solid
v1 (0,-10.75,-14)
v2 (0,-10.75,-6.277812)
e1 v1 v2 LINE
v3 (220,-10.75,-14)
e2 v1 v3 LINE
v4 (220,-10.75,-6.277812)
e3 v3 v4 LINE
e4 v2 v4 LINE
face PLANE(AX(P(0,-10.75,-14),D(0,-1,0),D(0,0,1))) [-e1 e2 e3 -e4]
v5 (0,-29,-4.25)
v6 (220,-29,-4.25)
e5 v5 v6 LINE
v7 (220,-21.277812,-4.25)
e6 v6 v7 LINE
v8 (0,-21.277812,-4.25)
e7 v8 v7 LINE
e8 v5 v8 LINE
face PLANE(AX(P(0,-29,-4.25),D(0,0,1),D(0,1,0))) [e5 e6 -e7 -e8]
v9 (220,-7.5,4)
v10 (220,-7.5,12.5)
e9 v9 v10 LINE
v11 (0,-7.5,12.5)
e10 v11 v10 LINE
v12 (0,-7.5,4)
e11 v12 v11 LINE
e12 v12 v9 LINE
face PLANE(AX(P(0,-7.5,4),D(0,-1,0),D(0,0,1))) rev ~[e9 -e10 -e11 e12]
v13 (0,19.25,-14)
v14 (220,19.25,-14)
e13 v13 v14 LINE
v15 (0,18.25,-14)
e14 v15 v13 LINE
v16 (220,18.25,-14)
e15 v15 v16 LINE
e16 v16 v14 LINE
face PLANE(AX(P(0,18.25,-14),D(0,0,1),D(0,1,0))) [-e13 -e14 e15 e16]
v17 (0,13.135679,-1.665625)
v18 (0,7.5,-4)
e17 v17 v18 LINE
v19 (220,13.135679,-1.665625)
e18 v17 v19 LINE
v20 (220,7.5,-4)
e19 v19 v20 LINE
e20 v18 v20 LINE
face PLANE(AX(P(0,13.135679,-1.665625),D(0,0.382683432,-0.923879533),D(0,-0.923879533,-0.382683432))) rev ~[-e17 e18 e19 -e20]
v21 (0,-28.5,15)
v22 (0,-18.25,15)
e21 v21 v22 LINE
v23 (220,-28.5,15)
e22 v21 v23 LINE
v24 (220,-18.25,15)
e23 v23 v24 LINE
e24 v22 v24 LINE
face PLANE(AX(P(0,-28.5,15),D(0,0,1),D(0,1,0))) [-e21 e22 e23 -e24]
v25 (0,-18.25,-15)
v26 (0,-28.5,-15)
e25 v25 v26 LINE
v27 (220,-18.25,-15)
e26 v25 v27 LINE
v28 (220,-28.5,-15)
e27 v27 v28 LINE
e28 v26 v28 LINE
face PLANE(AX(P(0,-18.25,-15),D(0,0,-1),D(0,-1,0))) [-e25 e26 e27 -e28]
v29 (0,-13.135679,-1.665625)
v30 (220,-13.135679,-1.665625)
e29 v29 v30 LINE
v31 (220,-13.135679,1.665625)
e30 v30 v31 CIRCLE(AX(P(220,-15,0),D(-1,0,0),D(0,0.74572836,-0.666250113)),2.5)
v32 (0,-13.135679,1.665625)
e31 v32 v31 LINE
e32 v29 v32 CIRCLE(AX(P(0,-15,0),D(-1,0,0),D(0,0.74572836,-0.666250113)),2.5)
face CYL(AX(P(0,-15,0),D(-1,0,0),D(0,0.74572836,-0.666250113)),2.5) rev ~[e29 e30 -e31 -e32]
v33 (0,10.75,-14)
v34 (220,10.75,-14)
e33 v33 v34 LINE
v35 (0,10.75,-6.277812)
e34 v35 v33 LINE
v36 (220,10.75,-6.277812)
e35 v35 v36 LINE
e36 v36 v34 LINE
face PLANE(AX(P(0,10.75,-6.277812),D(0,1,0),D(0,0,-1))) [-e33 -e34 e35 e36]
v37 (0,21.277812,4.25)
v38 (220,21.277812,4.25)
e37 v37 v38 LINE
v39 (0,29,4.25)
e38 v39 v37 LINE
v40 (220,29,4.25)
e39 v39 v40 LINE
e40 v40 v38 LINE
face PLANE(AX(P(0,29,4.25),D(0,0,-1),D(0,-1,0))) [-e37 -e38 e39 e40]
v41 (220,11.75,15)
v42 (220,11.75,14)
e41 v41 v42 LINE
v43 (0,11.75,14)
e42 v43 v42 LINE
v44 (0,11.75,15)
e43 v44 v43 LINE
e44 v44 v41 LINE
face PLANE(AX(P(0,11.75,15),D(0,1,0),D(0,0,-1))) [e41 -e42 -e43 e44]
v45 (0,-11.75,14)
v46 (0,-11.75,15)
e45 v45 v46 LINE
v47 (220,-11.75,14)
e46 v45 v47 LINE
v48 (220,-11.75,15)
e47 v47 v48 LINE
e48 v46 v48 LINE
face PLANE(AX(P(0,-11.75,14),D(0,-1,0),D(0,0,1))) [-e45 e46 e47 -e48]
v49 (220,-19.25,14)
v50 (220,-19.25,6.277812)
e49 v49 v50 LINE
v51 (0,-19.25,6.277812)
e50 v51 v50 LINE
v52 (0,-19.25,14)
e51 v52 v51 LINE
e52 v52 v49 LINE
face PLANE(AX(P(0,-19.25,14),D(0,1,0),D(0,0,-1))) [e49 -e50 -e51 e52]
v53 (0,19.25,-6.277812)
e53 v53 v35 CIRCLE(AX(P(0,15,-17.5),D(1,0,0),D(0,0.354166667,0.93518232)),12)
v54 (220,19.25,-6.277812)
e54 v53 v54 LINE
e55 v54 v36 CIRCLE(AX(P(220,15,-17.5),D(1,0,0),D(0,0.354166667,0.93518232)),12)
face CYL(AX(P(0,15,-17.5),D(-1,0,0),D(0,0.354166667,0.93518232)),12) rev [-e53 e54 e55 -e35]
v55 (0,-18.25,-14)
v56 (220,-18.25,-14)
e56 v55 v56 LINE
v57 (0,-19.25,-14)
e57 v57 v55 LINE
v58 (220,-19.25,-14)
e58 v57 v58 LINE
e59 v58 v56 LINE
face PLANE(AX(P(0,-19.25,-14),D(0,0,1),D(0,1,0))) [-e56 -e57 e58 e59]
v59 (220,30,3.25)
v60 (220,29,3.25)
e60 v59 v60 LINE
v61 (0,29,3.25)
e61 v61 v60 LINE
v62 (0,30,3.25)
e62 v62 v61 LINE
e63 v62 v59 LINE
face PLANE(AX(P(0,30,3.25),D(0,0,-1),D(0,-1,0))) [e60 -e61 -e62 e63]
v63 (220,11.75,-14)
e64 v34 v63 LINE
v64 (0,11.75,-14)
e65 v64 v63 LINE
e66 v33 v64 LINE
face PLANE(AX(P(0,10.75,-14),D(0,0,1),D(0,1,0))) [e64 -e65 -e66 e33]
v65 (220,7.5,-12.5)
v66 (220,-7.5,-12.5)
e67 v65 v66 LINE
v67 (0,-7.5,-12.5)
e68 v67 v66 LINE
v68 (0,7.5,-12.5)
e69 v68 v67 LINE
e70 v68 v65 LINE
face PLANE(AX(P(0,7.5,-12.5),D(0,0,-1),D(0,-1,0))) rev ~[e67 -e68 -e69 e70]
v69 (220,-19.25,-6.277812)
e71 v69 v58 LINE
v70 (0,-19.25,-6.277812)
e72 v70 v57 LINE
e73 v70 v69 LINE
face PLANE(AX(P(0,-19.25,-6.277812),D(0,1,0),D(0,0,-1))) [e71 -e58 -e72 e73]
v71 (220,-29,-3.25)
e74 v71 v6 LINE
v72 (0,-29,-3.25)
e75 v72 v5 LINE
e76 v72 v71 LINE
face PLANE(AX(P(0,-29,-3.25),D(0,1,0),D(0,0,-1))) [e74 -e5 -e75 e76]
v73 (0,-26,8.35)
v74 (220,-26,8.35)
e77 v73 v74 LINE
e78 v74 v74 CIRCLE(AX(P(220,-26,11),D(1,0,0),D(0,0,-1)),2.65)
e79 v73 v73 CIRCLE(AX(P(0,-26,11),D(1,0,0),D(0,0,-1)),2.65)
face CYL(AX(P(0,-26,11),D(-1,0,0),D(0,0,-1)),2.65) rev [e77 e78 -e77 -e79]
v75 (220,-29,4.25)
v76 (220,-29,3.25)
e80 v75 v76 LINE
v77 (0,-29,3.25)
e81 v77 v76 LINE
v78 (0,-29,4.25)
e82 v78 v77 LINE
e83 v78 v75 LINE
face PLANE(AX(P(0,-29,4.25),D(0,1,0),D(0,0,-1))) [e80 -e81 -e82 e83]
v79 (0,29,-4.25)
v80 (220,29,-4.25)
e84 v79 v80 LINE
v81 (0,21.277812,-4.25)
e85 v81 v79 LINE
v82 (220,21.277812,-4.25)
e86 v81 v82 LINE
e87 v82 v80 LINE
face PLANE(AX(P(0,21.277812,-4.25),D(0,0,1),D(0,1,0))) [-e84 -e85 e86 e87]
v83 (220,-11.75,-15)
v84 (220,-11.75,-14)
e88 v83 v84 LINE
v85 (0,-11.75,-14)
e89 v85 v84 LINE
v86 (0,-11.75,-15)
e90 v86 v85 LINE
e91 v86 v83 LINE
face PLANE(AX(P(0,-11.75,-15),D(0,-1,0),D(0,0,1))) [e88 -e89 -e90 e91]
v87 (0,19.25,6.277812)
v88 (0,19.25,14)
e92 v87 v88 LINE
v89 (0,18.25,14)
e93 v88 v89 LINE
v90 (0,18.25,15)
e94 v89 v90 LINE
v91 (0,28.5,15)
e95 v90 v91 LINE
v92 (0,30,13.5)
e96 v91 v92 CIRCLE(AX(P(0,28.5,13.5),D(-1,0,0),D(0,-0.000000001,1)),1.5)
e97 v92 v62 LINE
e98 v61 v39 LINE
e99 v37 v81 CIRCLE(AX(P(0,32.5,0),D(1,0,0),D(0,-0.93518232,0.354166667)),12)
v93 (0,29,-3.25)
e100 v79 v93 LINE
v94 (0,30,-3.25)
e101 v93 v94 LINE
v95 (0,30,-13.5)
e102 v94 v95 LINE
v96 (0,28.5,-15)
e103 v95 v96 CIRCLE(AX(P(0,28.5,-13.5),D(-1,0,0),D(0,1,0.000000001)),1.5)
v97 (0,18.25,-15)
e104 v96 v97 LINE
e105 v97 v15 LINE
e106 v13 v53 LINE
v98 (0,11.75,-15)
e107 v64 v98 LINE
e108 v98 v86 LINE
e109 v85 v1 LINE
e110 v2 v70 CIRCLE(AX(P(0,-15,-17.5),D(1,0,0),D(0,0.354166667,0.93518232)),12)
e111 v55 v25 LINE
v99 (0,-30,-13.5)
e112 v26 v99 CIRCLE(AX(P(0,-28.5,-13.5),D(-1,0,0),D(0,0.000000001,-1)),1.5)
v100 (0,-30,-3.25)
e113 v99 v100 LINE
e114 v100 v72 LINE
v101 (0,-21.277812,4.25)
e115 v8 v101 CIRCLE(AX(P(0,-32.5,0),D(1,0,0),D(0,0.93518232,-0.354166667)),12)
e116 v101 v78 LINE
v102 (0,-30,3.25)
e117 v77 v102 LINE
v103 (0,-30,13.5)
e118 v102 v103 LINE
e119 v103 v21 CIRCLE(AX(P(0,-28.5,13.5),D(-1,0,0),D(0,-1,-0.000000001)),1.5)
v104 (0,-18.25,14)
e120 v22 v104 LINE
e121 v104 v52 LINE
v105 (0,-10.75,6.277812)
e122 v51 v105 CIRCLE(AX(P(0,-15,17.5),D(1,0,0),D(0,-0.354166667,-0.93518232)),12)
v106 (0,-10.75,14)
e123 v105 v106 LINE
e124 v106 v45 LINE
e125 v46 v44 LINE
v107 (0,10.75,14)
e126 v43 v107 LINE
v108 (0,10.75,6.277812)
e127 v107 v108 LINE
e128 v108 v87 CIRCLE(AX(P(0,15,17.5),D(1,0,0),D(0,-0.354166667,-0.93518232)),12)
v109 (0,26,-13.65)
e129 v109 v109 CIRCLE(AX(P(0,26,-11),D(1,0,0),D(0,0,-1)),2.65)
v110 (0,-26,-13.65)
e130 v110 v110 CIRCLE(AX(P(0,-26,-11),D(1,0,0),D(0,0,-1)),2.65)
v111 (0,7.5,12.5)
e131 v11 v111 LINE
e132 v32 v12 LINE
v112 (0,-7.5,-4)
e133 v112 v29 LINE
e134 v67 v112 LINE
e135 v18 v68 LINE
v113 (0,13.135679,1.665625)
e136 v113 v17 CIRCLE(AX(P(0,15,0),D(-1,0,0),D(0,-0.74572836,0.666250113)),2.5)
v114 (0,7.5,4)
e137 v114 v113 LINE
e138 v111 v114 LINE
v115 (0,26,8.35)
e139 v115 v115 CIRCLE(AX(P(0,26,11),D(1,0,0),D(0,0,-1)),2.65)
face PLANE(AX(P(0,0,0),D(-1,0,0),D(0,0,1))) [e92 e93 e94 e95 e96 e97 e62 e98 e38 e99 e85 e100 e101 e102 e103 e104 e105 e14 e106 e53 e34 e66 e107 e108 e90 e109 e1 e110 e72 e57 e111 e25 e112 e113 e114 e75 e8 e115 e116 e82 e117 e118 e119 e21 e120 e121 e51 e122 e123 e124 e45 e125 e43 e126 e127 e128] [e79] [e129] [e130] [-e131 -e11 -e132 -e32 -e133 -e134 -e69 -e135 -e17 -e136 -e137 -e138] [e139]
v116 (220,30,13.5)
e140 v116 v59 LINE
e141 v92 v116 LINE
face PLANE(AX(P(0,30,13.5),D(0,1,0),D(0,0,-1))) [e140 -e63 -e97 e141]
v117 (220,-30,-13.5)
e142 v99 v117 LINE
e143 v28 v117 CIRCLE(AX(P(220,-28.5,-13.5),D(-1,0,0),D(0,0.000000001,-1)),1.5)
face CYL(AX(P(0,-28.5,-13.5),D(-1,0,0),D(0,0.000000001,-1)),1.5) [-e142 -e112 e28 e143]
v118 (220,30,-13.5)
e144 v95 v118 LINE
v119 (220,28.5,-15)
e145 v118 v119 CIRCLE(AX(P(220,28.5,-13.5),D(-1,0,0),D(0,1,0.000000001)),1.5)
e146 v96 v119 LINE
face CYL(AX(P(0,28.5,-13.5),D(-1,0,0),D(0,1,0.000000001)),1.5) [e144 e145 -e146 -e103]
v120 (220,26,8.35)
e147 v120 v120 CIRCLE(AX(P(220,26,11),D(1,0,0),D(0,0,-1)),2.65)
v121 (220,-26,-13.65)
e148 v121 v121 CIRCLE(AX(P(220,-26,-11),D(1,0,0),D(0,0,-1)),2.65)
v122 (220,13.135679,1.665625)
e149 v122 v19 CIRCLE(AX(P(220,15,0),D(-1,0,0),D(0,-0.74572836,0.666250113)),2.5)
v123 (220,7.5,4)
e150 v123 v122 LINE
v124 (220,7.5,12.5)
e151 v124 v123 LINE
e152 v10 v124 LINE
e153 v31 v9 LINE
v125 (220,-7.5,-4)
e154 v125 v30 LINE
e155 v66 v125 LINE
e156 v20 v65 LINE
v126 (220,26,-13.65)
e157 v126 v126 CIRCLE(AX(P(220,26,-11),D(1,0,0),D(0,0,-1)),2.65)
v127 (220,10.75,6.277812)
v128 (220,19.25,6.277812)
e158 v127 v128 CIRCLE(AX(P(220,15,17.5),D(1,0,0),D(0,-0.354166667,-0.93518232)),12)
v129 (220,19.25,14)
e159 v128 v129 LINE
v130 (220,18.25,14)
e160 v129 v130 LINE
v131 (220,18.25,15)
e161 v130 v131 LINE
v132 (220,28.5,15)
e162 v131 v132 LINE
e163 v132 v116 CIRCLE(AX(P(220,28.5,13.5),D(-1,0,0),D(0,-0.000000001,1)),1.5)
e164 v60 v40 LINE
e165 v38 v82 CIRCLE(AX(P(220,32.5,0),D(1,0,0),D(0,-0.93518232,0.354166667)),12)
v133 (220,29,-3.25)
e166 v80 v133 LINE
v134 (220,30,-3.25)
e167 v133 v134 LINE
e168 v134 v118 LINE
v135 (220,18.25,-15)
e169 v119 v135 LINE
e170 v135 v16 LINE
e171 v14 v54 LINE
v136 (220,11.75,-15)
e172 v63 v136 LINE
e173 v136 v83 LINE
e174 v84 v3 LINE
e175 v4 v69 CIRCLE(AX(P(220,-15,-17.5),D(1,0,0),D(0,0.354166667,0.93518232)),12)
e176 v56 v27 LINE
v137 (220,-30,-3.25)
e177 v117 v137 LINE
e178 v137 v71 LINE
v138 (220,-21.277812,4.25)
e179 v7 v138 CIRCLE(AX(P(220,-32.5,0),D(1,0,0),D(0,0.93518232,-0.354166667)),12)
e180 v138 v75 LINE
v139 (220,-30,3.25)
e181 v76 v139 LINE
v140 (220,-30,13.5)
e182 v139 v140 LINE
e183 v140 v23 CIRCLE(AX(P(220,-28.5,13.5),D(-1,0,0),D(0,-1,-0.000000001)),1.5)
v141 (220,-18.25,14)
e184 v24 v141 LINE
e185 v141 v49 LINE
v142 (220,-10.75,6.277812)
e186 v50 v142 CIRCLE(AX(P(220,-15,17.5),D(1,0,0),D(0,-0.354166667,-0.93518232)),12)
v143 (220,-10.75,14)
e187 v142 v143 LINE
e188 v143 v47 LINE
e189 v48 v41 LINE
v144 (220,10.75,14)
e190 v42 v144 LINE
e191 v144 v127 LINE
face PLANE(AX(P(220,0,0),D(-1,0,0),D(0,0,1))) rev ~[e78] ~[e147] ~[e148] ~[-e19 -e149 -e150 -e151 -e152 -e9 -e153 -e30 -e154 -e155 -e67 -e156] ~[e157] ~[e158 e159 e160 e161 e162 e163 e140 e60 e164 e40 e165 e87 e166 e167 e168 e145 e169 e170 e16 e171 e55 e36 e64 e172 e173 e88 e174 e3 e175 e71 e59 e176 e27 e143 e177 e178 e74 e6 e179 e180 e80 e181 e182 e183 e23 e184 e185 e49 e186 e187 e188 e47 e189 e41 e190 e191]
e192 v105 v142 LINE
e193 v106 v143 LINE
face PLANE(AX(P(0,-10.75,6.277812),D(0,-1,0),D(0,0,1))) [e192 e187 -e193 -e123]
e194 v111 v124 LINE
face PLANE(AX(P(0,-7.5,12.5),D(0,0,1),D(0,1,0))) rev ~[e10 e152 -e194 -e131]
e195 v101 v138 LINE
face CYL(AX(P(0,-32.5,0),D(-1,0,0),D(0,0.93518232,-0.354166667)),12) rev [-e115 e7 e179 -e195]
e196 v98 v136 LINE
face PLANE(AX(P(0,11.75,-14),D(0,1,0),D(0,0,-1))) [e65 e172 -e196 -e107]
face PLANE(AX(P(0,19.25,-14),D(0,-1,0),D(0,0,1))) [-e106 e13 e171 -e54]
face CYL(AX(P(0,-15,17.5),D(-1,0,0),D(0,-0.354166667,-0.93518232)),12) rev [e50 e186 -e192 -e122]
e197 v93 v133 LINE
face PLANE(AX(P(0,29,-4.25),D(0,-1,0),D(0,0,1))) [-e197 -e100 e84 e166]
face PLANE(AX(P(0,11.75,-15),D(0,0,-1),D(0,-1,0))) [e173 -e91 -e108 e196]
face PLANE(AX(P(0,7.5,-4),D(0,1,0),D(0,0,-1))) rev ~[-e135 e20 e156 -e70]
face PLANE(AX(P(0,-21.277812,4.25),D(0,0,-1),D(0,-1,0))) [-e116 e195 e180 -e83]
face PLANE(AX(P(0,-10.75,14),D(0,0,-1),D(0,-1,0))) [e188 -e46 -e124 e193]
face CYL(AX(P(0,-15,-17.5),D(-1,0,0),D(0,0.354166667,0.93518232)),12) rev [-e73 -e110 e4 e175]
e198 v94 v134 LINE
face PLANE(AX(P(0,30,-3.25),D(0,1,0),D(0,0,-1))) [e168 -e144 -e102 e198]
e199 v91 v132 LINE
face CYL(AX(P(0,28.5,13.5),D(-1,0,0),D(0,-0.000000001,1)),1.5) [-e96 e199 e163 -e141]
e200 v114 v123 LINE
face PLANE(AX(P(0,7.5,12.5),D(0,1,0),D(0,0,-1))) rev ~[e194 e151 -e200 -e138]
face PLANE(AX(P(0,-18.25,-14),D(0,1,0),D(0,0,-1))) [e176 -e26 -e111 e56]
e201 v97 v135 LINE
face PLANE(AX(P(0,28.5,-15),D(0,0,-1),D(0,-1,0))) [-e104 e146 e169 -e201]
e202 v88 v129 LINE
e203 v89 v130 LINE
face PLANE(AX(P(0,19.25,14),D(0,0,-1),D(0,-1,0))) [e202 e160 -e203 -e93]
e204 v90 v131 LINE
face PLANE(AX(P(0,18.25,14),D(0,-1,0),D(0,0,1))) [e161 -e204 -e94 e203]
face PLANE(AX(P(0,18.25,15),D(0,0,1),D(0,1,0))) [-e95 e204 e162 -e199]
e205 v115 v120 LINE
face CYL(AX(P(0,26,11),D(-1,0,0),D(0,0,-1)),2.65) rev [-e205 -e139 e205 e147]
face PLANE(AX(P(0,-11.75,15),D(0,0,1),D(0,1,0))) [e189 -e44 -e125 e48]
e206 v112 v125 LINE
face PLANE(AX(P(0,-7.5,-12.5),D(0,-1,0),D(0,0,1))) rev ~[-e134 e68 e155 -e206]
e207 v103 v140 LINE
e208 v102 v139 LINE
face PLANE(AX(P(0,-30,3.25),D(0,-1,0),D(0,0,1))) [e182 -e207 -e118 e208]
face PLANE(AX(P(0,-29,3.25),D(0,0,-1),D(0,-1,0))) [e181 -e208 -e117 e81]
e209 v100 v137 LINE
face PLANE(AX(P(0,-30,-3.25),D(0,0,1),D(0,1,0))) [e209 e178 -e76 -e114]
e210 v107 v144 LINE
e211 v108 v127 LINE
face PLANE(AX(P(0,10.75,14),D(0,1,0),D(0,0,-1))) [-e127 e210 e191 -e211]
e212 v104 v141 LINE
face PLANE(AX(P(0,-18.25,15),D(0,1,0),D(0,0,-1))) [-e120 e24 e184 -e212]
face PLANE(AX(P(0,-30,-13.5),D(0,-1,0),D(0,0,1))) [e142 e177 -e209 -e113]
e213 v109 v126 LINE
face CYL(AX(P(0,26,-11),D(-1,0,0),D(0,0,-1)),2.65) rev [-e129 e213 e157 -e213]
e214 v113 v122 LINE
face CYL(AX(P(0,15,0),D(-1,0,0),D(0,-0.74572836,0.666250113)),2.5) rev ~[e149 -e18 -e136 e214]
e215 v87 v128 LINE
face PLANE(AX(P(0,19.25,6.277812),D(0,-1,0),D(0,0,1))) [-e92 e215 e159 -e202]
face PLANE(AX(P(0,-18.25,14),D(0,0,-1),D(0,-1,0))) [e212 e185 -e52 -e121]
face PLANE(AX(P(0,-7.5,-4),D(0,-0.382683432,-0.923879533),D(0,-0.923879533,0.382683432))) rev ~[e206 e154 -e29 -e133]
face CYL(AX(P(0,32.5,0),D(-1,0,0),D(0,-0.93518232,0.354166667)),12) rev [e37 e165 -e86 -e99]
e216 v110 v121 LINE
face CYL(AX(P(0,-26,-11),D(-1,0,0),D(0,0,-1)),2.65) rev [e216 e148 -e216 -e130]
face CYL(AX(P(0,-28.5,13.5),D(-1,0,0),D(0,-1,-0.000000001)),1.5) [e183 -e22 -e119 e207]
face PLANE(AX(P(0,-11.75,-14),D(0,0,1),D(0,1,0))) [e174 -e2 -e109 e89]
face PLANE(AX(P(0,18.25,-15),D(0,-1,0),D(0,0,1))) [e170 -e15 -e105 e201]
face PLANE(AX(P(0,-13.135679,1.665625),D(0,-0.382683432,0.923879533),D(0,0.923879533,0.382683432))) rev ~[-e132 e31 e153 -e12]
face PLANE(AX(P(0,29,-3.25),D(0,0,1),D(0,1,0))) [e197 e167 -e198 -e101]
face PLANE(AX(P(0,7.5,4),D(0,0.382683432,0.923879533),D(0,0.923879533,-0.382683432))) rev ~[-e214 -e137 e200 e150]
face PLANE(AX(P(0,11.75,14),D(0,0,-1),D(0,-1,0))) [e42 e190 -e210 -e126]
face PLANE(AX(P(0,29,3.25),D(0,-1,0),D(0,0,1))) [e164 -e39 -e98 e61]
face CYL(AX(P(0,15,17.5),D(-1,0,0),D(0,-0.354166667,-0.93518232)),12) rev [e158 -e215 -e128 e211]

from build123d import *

# Parameters (mm, degrees)
SKETCH1_R                 = 2.65
F_30_X_60G_X_R1_5_1_DEPTH = 220


with BuildPart() as part:
    # Sketch1 → 铝型材 30 X 60G X R1.5(1) (new body)
    with BuildSketch(Plane(origin=(0, 0, 0), x_dir=(0, 0, -1), z_dir=(1, 0, 0))):
        with BuildLine():
            Line((-3.25, 30), (-3.25, 29))
            Line((-3.25, 29), (-4.25, 29))
            Line((-4.25, 29), (-4.25, 21.277812156))
            ThreePointArc((-4.25, 21.277812156), (0, 20.5), (4.25, 21.277812156))
            Line((4.25, 21.277812156), (4.25, 29))
            Line((4.25, 29), (3.25, 29))
            Line((3.25, 29), (3.25, 30))
            Line((3.25, 30), (13.5, 30))
            ThreePointArc((13.5, 30), (14.560660172, 29.560660172), (15, 28.5))
            Line((15, 28.5), (15, 18.25))
            Line((15, 18.25), (14, 18.25))
            Line((14, 18.25), (14, 19.25))
            Line((14, 19.25), (6.277812156, 19.25))
            ThreePointArc((6.277812156, 19.25), (5.5, 15), (6.277812156, 10.75))
            Line((6.277812156, 10.75), (14, 10.75))
            Line((14, 10.75), (14, 11.75))
            Line((14, 11.75), (15, 11.75))
            Line((15, 11.75), (15, -11.75))
            Line((15, -11.75), (14, -11.75))
            Line((14, -11.75), (14, -10.75))
            Line((14, -10.75), (6.277812156, -10.75))
            ThreePointArc((6.277812156, -10.75), (5.5, -15), (6.277812156, -19.25))
            Line((6.277812156, -19.25), (14, -19.25))
            Line((14, -19.25), (14, -18.25))
            Line((14, -18.25), (15, -18.25))
            Line((15, -18.25), (15, -28.5))
            ThreePointArc((15, -28.5), (14.560660172, -29.560660172), (13.5, -30))
            Line((13.5, -30), (3.25, -30))
            Line((3.25, -30), (3.25, -29))
            Line((3.25, -29), (4.25, -29))
            Line((4.25, -29), (4.25, -21.277812156))
            ThreePointArc((4.25, -21.277812156), (0, -20.5), (-4.25, -21.277812156))
            Line((-4.25, -21.277812156), (-4.25, -29))
            Line((-4.25, -29), (-3.25, -29))
            Line((-3.25, -29), (-3.25, -30))
            Line((-3.25, -30), (-13.5, -30))
            ThreePointArc((-13.5, -30), (-14.560660172, -29.560660172), (-15, -28.5))
            Line((-15, -28.5), (-15, -18.25))
            Line((-15, -18.25), (-14, -18.25))
            Line((-14, -18.25), (-14, -19.25))
            Line((-14, -19.25), (-6.277812156, -19.25))
            ThreePointArc((-6.277812156, -19.25), (-5.5, -15), (-6.277812156, -10.75))
            Line((-6.277812156, -10.75), (-14, -10.75))
            Line((-14, -10.75), (-14, -11.75))
            Line((-14, -11.75), (-15, -11.75))
            Line((-15, -11.75), (-15, 11.75))
            Line((-15, 11.75), (-14, 11.75))
            Line((-14, 11.75), (-14, 10.75))
            Line((-14, 10.75), (-6.277812156, 10.75))
            ThreePointArc((-6.277812156, 10.75), (-5.5, 15), (-6.277812156, 19.25))
            Line((-6.277812156, 19.25), (-14, 19.25))
            Line((-14, 19.25), (-14, 18.25))
            Line((-14, 18.25), (-15, 18.25))
            Line((-15, 18.25), (-15, 28.5))
            ThreePointArc((-15, 28.5), (-14.560660172, 29.560660172), (-13.5, 30))
            Line((-13.5, 30), (-3.25, 30))
        make_face()
        with Locations((-11, 26)):
            Circle(SKETCH1_R, mode=Mode.SUBTRACT)
        with Locations((11, 26)):
            Circle(SKETCH1_R, mode=Mode.SUBTRACT)
        with Locations((11, -26)):
            Circle(SKETCH1_R, mode=Mode.SUBTRACT)
        with Locations((-11, -26)):
            Circle(SKETCH1_R, mode=Mode.SUBTRACT)
        with BuildLine():
            Line((-12.5, 7.5), (-4, 7.5))
            Line((-4, 7.5), (-1.665625283, 13.135679101))
            ThreePointArc((-1.665625283, 13.135679101), (0, 17.5), (1.665625283, 13.135679101))
            Line((1.665625283, 13.135679101), (4, 7.5))
            Line((4, 7.5), (12.5, 7.5))
            Line((12.5, 7.5), (12.5, -7.5))
            Line((12.5, -7.5), (4, -7.5))
            Line((4, -7.5), (1.665625283, -13.135679101))
            ThreePointArc((1.665625283, -13.135679101), (0, -17.5), (-1.665625283, -13.135679101))
            Line((-1.665625283, -13.135679101), (-4, -7.5))
            Line((-4, -7.5), (-12.5, -7.5))
            Line((-12.5, -7.5), (-12.5, 7.5))
        make_face(mode=Mode.SUBTRACT)
    extrude(amount=F_30_X_60G_X_R1_5_1_DEPTH)


solid = part.part
